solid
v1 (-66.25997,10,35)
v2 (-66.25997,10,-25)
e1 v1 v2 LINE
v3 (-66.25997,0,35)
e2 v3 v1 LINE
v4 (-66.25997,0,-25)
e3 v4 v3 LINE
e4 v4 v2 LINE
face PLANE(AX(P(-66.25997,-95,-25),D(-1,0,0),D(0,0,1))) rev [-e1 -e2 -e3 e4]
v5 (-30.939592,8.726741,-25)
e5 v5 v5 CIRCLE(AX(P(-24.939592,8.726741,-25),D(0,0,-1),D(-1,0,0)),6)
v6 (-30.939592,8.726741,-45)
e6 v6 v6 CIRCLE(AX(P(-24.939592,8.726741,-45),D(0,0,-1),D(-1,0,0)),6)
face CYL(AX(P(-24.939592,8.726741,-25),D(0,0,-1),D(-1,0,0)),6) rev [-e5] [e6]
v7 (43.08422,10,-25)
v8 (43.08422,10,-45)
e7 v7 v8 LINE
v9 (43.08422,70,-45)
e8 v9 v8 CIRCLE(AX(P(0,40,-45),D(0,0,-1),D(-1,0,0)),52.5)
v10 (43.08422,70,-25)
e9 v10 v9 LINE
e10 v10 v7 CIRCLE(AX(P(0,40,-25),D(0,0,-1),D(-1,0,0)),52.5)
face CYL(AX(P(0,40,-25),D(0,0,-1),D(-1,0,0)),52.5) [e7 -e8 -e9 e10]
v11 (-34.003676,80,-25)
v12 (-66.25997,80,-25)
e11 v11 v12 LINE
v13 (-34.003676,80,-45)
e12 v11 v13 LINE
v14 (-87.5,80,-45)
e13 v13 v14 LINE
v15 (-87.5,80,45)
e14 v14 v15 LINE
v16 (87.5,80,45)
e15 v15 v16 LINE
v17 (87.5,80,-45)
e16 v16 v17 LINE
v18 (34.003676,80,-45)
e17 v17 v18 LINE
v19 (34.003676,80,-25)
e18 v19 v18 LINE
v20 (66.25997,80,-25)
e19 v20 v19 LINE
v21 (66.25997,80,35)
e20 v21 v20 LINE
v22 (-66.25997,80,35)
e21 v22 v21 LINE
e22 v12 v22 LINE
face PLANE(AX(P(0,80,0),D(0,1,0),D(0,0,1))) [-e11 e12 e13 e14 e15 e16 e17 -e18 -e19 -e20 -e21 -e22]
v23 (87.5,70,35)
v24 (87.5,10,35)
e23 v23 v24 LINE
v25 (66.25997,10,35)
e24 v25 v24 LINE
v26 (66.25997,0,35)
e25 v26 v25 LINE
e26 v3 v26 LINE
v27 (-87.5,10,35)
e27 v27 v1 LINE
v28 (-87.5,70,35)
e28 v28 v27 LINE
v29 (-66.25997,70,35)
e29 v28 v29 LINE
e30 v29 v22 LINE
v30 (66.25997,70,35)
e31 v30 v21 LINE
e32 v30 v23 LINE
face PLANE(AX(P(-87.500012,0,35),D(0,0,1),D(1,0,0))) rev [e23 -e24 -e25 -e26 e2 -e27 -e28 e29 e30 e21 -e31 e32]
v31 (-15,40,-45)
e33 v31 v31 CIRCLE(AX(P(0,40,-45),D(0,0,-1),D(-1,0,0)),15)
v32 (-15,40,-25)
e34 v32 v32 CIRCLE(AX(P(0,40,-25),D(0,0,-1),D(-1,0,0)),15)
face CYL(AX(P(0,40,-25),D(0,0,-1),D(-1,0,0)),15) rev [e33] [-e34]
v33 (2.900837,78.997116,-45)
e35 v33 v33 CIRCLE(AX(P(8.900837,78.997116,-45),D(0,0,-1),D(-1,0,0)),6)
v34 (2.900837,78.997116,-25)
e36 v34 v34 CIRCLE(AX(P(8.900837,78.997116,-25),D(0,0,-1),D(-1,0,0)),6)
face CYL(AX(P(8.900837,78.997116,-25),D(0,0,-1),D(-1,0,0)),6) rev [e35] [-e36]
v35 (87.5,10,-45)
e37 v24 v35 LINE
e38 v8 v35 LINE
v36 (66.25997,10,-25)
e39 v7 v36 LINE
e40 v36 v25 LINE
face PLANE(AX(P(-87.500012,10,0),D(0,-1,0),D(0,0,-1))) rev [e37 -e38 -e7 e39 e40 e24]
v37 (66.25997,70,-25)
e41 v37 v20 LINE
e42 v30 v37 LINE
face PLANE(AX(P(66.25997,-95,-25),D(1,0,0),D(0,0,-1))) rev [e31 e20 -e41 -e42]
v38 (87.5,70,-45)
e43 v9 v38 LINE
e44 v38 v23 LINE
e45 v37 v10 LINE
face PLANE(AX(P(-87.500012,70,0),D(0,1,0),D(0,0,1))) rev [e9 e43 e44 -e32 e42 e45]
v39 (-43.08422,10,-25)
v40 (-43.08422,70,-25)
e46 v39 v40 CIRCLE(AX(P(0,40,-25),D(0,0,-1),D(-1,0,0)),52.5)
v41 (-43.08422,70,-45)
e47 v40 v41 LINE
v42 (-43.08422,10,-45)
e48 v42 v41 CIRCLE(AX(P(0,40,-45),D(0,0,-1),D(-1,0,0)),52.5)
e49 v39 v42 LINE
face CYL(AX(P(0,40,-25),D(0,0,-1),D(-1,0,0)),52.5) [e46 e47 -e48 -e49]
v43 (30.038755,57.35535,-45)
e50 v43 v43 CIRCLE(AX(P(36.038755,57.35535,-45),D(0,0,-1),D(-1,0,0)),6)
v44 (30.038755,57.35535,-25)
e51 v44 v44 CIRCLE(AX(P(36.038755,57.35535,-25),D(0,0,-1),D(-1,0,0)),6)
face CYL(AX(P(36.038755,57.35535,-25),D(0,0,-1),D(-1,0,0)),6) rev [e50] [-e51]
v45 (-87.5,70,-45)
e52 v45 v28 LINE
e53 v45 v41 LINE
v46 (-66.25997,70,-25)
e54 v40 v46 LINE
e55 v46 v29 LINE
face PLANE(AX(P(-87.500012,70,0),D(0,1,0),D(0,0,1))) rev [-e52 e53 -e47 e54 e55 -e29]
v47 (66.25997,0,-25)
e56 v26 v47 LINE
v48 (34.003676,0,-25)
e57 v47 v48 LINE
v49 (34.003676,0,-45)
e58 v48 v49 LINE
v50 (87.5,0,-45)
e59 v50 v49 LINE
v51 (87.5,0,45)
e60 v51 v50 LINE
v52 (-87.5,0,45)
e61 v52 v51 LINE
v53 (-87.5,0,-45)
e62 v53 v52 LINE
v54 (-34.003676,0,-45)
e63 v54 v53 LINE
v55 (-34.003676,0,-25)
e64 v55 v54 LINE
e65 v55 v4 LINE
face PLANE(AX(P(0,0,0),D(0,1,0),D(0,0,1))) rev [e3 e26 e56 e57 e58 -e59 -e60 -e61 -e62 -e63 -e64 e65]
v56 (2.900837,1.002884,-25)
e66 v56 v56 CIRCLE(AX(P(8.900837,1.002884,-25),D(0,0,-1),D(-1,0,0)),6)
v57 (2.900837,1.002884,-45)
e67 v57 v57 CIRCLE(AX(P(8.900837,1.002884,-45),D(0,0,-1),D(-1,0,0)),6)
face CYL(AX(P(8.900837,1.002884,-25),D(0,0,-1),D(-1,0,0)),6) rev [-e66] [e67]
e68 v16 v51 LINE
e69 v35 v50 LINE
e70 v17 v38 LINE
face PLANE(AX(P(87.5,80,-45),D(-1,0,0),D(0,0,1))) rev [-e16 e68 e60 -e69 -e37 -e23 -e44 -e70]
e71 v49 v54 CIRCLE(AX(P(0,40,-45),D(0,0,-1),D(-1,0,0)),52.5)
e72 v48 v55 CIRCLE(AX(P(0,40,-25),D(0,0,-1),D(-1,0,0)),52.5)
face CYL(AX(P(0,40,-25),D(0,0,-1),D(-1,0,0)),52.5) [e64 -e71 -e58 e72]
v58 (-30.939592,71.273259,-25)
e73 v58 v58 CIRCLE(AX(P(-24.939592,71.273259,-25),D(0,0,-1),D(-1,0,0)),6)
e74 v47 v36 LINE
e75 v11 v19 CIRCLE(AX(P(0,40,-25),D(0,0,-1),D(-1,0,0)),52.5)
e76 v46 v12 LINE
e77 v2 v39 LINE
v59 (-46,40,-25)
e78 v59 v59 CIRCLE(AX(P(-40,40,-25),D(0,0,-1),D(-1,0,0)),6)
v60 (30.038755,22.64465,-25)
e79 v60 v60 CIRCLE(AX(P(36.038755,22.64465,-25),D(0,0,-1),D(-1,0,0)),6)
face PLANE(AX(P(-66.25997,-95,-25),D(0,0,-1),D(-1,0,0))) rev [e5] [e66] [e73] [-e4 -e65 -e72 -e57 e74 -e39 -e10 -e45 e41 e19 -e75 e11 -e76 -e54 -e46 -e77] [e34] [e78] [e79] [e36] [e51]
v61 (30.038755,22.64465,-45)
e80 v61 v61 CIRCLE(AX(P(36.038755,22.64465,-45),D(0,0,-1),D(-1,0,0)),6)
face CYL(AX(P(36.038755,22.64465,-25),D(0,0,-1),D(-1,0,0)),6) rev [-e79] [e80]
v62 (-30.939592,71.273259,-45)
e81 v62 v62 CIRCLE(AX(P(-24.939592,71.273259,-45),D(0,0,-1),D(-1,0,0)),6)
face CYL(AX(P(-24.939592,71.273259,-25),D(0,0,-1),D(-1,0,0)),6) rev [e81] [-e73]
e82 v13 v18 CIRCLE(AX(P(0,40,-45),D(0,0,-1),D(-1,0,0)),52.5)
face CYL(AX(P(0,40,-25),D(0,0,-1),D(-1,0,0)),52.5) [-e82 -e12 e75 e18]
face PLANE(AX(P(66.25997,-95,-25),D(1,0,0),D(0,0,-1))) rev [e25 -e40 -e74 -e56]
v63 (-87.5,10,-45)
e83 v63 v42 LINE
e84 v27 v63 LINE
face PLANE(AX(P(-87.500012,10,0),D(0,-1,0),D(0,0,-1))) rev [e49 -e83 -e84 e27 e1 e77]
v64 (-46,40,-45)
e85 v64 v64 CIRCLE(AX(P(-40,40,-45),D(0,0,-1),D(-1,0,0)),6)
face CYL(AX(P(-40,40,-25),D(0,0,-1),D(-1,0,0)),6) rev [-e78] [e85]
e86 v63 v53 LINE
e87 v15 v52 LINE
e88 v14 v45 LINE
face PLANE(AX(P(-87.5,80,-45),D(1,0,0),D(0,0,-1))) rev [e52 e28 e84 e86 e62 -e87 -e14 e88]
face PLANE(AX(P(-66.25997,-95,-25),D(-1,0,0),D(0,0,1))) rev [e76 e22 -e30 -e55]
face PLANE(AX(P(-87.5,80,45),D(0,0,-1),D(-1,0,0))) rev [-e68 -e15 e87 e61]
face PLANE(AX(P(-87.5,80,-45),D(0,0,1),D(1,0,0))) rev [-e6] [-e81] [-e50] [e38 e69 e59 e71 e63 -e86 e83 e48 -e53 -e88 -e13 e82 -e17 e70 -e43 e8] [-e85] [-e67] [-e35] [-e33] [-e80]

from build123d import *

# Parameters (mm, degrees)
SKETCH1_W               = 175
SKETCH1_H               = 90
BOSS_EXTRUDE1_DEPTH     = 80
CUT_EXTRUDE4_DEPTH      = 198.610728454
CUT_EXTRUDE4_DEPTH_BACK = 175
SKETCH5_W               = 132.519940576
SKETCH5_H               = 60
CUT_EXTRUDE5_DEPTH      = 175
BOSS_EXTRUDE2_DEPTH     = 20
SKETCH7_R               = 15
SKETCH7_R_2             = 6
CUT_EXTRUDE8_DEPTH      = 20


with BuildPart() as part:
    # Sketch1 → Boss-Extrude1 (new body)
    with BuildSketch(Plane(origin=(0, 0, 0), x_dir=(1, 0, 0), z_dir=(0, 1, 0))):
        Rectangle(SKETCH1_W, SKETCH1_H)
    extrude(amount=BOSS_EXTRUDE1_DEPTH)

    # Sketch4 → Cut-Extrude4 (cut, two sides: drawn at the far end of the back side and taken through both)
    with BuildSketch(Plane.ZY.offset(87.5).offset(-CUT_EXTRUDE4_DEPTH_BACK)):
        Polygon((35, 70), (-35, 70), (-45, 70), (-45, 10), (-35, 10), (35, 10), align=None)
    extrude(amount=CUT_EXTRUDE4_DEPTH + CUT_EXTRUDE4_DEPTH_BACK, mode=Mode.SUBTRACT)

    # Sketch5 → Cut-Extrude5 (cut)
    with BuildSketch(Plane(origin=(0, 80, 0), x_dir=(1, 0, 0), z_dir=(0, 1, 0))):
        with Locations((0, -5)):
            Rectangle(SKETCH5_W, SKETCH5_H)
    extrude(amount=-CUT_EXTRUDE5_DEPTH, mode=Mode.SUBTRACT)

    # Sketch6 → Boss-Extrude2 (add)
    with BuildSketch(Plane(origin=(0, 0, -45), x_dir=(-1, 0, 0), z_dir=(0, 0, -1))):
        with BuildLine():
            Line((-87.5, 0), (-34.003676272, 0))
            ThreePointArc((-34.003676272, 0), (0, -12.5), (34.003676272, 0))
            Line((34.003676272, 0), (87.5, 0))
            Line((87.5, 0), (87.5, 10))
            Line((87.5, 10), (43.084219849, 10))
            ThreePointArc((43.084219849, 10), (52.5, 40), (43.084219849, 70))
            Line((43.084219849, 70), (87.5, 70))
            Line((87.5, 70), (87.5, 80))
            Line((87.5, 80), (34.003676272, 80))
            ThreePointArc((34.003676272, 80), (0, 92.5), (-34.003676272, 80))
            Line((-34.003676272, 80), (-87.5, 80))
            Line((-87.5, 80), (-87.5, 70))
            Line((-87.5, 70), (-43.084219849, 70))
            ThreePointArc((-43.084219849, 70), (-52.5, 40), (-43.084219849, 10))
            Line((-43.084219849, 10), (-87.5, 10))
            Line((-87.5, 10), (-87.5, 0))
        make_face()
    extrude(amount=-BOSS_EXTRUDE2_DEPTH)

    # Sketch7 → Cut-Extrude8 (cut)
    with BuildSketch(Plane(origin=(0, 0, -45), x_dir=(-1, 0, 0), z_dir=(0, 0, -1))):
        with Locations((0, 40)):
            Circle(SKETCH7_R)
        with Locations((40, 40)):
            Circle(SKETCH7_R_2)
        with Locations((24.939592074, 8.726740701)):
            Circle(SKETCH7_R_2)
        with Locations((-8.900837358, 1.002883513)):
            Circle(SKETCH7_R_2)
        with Locations((-36.038754716, 22.644650435)):
            Circle(SKETCH7_R_2)
        with Locations((-36.038754716, 57.355349565)):
            Circle(SKETCH7_R_2)
        with Locations((-8.900837358, 78.997116487)):
            Circle(SKETCH7_R_2)
        with Locations((24.939592074, 71.273259299)):
            Circle(SKETCH7_R_2)
    extrude(amount=-CUT_EXTRUDE8_DEPTH, mode=Mode.SUBTRACT)


solid = part.part
